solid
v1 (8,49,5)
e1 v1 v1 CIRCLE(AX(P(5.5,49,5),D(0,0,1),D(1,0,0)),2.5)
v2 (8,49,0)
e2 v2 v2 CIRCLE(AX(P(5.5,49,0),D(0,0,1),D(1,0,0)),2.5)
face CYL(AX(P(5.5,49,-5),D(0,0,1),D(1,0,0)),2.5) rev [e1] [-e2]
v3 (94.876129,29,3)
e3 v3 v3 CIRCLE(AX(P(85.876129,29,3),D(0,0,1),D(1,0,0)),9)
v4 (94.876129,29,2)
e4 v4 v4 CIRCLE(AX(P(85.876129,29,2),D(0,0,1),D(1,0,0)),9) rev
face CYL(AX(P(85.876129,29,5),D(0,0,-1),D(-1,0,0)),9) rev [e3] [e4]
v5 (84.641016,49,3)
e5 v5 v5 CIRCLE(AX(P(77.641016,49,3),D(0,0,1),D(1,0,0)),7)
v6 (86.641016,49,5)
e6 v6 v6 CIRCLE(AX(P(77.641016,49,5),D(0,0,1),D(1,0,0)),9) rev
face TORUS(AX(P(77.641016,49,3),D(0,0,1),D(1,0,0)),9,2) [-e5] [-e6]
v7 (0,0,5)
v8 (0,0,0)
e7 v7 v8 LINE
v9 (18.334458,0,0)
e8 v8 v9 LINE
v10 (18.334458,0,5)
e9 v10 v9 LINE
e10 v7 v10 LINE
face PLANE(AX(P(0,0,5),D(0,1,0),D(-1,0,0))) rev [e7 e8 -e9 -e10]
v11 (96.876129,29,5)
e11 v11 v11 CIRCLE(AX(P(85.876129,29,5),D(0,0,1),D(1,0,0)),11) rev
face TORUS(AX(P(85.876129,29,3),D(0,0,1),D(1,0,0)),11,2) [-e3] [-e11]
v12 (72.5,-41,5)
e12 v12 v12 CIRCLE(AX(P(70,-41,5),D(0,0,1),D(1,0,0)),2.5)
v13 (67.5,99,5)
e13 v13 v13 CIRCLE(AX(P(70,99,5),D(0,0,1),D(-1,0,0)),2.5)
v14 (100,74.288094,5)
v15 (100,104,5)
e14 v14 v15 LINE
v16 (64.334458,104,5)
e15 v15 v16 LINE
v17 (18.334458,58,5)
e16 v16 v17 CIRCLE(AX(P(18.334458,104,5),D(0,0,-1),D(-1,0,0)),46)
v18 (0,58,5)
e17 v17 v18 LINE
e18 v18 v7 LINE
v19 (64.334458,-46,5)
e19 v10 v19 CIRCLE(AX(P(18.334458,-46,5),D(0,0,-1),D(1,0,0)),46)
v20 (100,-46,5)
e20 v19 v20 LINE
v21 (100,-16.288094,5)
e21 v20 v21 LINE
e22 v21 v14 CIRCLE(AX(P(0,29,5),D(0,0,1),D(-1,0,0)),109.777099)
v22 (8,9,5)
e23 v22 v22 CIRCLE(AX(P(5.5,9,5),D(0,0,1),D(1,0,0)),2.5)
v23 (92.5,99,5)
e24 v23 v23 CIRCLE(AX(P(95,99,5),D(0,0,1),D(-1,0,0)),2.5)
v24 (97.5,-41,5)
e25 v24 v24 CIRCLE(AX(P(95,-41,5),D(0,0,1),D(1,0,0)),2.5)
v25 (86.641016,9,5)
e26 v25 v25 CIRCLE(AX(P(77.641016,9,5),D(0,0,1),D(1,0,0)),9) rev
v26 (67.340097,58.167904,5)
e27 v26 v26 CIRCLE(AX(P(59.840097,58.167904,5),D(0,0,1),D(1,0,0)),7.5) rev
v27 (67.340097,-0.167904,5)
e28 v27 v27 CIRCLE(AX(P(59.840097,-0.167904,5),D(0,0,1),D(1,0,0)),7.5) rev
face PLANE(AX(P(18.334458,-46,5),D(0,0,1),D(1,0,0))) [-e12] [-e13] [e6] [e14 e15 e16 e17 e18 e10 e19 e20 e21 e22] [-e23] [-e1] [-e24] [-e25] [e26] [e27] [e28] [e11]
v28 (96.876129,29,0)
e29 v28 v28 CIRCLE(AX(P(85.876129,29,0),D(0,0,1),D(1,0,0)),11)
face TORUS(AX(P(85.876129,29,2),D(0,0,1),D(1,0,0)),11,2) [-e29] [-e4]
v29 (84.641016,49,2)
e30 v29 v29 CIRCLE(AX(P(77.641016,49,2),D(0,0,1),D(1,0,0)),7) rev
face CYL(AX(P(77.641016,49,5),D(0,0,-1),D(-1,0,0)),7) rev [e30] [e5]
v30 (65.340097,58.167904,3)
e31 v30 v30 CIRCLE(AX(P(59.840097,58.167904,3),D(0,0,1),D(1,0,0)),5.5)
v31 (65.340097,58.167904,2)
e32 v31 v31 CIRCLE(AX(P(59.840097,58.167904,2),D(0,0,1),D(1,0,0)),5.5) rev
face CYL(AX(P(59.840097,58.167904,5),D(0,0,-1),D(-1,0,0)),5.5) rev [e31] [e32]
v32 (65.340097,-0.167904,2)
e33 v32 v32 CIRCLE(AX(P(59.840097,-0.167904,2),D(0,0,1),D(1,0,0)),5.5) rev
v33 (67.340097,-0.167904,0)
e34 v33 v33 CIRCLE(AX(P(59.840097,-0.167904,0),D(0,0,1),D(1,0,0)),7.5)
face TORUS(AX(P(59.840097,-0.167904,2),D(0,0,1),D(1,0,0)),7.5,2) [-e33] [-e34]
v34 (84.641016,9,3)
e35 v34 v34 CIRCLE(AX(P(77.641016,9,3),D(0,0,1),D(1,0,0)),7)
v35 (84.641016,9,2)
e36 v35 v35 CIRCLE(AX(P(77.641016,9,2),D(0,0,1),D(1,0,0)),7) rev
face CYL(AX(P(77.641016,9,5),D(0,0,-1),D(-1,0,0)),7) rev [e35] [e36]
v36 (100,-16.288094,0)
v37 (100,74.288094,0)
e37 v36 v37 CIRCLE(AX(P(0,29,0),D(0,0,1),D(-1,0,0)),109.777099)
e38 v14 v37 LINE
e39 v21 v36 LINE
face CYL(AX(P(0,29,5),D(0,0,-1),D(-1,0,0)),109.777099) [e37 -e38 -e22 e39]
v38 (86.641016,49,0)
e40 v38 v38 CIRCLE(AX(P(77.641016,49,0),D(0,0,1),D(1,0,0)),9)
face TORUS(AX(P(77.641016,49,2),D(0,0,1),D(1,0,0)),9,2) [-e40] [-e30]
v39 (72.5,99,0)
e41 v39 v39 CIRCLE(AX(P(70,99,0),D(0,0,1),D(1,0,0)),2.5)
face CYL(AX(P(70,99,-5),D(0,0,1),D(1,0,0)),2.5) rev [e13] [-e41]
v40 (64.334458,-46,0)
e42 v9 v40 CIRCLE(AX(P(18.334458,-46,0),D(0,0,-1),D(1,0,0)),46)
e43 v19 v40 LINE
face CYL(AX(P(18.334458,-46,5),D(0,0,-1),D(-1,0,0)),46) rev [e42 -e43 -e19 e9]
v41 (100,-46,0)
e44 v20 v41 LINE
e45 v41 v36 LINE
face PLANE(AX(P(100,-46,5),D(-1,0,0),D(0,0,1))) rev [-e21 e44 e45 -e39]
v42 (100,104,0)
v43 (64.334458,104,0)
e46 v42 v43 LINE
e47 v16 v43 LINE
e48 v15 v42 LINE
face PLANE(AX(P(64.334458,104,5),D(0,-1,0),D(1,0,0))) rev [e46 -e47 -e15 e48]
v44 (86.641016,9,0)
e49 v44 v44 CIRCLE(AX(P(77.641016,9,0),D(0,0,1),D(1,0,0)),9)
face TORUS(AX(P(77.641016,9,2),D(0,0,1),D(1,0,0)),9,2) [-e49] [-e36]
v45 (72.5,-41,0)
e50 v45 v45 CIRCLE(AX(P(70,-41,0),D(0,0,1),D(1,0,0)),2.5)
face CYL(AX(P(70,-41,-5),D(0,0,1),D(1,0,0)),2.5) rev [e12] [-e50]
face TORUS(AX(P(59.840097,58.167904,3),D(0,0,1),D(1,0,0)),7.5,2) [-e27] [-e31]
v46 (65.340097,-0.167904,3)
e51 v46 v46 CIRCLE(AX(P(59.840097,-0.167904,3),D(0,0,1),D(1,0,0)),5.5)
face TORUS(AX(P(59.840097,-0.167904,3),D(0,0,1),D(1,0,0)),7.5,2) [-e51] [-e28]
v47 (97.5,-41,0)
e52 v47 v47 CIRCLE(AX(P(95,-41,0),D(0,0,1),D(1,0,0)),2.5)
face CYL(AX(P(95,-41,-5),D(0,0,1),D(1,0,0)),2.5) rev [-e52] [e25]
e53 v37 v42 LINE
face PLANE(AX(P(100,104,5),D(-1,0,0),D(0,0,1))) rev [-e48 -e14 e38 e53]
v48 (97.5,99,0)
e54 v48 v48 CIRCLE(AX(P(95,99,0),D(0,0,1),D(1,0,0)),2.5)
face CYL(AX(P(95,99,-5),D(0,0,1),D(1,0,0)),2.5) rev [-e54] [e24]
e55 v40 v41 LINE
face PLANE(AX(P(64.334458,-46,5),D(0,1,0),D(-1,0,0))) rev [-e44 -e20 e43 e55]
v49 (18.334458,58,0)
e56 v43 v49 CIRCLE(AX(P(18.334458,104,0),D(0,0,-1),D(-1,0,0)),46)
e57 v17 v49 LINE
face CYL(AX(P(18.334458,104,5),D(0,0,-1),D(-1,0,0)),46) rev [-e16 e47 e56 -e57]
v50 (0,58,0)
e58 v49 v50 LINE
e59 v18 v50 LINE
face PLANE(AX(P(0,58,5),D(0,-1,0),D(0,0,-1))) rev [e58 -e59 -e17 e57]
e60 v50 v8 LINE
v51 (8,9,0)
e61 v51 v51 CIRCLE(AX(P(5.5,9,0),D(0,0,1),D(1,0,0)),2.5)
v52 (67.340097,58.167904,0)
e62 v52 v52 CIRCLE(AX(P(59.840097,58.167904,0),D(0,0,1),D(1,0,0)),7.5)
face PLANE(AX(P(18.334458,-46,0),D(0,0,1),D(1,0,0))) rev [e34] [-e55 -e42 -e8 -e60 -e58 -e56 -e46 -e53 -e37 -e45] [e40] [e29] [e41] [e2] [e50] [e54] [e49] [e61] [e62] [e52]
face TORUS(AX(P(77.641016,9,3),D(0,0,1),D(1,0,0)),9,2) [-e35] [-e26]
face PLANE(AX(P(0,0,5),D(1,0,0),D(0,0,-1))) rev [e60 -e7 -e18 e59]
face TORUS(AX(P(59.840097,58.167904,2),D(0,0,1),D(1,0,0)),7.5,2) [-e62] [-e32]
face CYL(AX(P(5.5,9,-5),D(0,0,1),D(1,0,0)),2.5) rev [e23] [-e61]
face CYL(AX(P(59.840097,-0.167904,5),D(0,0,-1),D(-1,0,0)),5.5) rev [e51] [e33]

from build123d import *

# Parameters (mm, degrees)
EXTRUDE_2_DEPTH          = 5
CUT_EXTRUDE_6_DEPTH      = 152.30106226
CUT_EXTRUDE_6_DEPTH_BACK = 152.30106226
SKETCH_3_R               = 5.5
SKETCH_3_R_2             = 7
SKETCH_3_R_3             = 9
FILLET_1_R               = 2
SKETCH_4_R               = 2.5
CUT_EXTRUDE_7_DEPTH      = 10
SKETCH_5_R               = 2.5
CUT_EXTRUDE_8_DEPTH      = 10


with BuildPart() as part:
    # Эскиз1 → Бобышка-Вытянуть2 (new body)
    with BuildSketch(Plane.XY):
        with BuildLine():
            Line((0, 0), (0, 58))
            Line((0, 58), (18.334458457, 58))
            ThreePointArc((18.334458457, 58), (50.861370392, 71.473088065), (64.334458457, 104))
            Line((64.334458457, 104), (100, 104))
            Line((100, 104), (100, 74.288093812))
            ThreePointArc((100, 74.288093812), (109.777098892, 29), (100, -16.288093812))
            Line((100, -16.288093812), (100, -46))
            Line((100, -46), (64.334458457, -46))
            ThreePointArc((64.334458457, -46), (50.861370392, -13.473088065), (18.334458457, 0))
            Line((18.334458457, 0), (0, 0))
        make_face()
    extrude(amount=EXTRUDE_2_DEPTH)

    # Эскиз3 → Вырез-Вытянуть6 (cut, two sides: drawn at the far end of the back side and taken through both)
    with BuildSketch(Plane.XY.offset(-CUT_EXTRUDE_6_DEPTH_BACK)):
        with Locations((59.840097389, 58.167904281)):
            Circle(SKETCH_3_R)
        with Locations((77.641016151, 49)):
            Circle(SKETCH_3_R_2)
        with Locations((85.876129499, 29)):
            Circle(SKETCH_3_R_3)
        with Locations(Location((59.840097389, -0.167904281, 0), (0, 0, 180))):
            Circle(SKETCH_3_R)
        with Locations(Location((77.641016151, 9, 0), (0, 0, 180))):
            Circle(SKETCH_3_R_2)
    extrude(amount=CUT_EXTRUDE_6_DEPTH + CUT_EXTRUDE_6_DEPTH_BACK, mode=Mode.SUBTRACT)

    # Скругление1
    fillet_1_edges = [part.edges().sort_by_distance(p)[0] for p in [
        (84.641016151, 9, 0),
        (84.641016151, 9, 5),
        (65.340097389, -0.167904281, 0),
        (65.340097389, -0.167904281, 5),
        (76.876129499, 29, 0),
        (76.876129499, 29, 5),
        (70.641016151, 49, 0),
        (70.641016151, 49, 5),
        (54.340097389, 58.167904281, 0),
        (54.340097389, 58.167904281, 5),
    ]]
    fillet(fillet_1_edges, radius=FILLET_1_R)

    # Эскиз4 → Вырез-Вытянуть7 (cut)
    with BuildSketch(Plane.XY.offset(5)):
        with Locations((5.5, 49)):
            Circle(SKETCH_4_R)
        with Locations((5.5, 9)):
            Circle(SKETCH_4_R)
    extrude(amount=-CUT_EXTRUDE_7_DEPTH, mode=Mode.SUBTRACT)

    # Эскиз5 → Вырез-Вытянуть8 (cut)
    with BuildSketch(Plane.XY.offset(5)):
        with Locations((70, -41)):
            Circle(SKETCH_5_R)
        with Locations((95, -41)):
            Circle(SKETCH_5_R)
        with Locations((70, 99)):
            Circle(SKETCH_5_R)
        with Locations((95, 99)):
            Circle(SKETCH_5_R)
    extrude(amount=-CUT_EXTRUDE_8_DEPTH, mode=Mode.SUBTRACT)


solid = part.part
